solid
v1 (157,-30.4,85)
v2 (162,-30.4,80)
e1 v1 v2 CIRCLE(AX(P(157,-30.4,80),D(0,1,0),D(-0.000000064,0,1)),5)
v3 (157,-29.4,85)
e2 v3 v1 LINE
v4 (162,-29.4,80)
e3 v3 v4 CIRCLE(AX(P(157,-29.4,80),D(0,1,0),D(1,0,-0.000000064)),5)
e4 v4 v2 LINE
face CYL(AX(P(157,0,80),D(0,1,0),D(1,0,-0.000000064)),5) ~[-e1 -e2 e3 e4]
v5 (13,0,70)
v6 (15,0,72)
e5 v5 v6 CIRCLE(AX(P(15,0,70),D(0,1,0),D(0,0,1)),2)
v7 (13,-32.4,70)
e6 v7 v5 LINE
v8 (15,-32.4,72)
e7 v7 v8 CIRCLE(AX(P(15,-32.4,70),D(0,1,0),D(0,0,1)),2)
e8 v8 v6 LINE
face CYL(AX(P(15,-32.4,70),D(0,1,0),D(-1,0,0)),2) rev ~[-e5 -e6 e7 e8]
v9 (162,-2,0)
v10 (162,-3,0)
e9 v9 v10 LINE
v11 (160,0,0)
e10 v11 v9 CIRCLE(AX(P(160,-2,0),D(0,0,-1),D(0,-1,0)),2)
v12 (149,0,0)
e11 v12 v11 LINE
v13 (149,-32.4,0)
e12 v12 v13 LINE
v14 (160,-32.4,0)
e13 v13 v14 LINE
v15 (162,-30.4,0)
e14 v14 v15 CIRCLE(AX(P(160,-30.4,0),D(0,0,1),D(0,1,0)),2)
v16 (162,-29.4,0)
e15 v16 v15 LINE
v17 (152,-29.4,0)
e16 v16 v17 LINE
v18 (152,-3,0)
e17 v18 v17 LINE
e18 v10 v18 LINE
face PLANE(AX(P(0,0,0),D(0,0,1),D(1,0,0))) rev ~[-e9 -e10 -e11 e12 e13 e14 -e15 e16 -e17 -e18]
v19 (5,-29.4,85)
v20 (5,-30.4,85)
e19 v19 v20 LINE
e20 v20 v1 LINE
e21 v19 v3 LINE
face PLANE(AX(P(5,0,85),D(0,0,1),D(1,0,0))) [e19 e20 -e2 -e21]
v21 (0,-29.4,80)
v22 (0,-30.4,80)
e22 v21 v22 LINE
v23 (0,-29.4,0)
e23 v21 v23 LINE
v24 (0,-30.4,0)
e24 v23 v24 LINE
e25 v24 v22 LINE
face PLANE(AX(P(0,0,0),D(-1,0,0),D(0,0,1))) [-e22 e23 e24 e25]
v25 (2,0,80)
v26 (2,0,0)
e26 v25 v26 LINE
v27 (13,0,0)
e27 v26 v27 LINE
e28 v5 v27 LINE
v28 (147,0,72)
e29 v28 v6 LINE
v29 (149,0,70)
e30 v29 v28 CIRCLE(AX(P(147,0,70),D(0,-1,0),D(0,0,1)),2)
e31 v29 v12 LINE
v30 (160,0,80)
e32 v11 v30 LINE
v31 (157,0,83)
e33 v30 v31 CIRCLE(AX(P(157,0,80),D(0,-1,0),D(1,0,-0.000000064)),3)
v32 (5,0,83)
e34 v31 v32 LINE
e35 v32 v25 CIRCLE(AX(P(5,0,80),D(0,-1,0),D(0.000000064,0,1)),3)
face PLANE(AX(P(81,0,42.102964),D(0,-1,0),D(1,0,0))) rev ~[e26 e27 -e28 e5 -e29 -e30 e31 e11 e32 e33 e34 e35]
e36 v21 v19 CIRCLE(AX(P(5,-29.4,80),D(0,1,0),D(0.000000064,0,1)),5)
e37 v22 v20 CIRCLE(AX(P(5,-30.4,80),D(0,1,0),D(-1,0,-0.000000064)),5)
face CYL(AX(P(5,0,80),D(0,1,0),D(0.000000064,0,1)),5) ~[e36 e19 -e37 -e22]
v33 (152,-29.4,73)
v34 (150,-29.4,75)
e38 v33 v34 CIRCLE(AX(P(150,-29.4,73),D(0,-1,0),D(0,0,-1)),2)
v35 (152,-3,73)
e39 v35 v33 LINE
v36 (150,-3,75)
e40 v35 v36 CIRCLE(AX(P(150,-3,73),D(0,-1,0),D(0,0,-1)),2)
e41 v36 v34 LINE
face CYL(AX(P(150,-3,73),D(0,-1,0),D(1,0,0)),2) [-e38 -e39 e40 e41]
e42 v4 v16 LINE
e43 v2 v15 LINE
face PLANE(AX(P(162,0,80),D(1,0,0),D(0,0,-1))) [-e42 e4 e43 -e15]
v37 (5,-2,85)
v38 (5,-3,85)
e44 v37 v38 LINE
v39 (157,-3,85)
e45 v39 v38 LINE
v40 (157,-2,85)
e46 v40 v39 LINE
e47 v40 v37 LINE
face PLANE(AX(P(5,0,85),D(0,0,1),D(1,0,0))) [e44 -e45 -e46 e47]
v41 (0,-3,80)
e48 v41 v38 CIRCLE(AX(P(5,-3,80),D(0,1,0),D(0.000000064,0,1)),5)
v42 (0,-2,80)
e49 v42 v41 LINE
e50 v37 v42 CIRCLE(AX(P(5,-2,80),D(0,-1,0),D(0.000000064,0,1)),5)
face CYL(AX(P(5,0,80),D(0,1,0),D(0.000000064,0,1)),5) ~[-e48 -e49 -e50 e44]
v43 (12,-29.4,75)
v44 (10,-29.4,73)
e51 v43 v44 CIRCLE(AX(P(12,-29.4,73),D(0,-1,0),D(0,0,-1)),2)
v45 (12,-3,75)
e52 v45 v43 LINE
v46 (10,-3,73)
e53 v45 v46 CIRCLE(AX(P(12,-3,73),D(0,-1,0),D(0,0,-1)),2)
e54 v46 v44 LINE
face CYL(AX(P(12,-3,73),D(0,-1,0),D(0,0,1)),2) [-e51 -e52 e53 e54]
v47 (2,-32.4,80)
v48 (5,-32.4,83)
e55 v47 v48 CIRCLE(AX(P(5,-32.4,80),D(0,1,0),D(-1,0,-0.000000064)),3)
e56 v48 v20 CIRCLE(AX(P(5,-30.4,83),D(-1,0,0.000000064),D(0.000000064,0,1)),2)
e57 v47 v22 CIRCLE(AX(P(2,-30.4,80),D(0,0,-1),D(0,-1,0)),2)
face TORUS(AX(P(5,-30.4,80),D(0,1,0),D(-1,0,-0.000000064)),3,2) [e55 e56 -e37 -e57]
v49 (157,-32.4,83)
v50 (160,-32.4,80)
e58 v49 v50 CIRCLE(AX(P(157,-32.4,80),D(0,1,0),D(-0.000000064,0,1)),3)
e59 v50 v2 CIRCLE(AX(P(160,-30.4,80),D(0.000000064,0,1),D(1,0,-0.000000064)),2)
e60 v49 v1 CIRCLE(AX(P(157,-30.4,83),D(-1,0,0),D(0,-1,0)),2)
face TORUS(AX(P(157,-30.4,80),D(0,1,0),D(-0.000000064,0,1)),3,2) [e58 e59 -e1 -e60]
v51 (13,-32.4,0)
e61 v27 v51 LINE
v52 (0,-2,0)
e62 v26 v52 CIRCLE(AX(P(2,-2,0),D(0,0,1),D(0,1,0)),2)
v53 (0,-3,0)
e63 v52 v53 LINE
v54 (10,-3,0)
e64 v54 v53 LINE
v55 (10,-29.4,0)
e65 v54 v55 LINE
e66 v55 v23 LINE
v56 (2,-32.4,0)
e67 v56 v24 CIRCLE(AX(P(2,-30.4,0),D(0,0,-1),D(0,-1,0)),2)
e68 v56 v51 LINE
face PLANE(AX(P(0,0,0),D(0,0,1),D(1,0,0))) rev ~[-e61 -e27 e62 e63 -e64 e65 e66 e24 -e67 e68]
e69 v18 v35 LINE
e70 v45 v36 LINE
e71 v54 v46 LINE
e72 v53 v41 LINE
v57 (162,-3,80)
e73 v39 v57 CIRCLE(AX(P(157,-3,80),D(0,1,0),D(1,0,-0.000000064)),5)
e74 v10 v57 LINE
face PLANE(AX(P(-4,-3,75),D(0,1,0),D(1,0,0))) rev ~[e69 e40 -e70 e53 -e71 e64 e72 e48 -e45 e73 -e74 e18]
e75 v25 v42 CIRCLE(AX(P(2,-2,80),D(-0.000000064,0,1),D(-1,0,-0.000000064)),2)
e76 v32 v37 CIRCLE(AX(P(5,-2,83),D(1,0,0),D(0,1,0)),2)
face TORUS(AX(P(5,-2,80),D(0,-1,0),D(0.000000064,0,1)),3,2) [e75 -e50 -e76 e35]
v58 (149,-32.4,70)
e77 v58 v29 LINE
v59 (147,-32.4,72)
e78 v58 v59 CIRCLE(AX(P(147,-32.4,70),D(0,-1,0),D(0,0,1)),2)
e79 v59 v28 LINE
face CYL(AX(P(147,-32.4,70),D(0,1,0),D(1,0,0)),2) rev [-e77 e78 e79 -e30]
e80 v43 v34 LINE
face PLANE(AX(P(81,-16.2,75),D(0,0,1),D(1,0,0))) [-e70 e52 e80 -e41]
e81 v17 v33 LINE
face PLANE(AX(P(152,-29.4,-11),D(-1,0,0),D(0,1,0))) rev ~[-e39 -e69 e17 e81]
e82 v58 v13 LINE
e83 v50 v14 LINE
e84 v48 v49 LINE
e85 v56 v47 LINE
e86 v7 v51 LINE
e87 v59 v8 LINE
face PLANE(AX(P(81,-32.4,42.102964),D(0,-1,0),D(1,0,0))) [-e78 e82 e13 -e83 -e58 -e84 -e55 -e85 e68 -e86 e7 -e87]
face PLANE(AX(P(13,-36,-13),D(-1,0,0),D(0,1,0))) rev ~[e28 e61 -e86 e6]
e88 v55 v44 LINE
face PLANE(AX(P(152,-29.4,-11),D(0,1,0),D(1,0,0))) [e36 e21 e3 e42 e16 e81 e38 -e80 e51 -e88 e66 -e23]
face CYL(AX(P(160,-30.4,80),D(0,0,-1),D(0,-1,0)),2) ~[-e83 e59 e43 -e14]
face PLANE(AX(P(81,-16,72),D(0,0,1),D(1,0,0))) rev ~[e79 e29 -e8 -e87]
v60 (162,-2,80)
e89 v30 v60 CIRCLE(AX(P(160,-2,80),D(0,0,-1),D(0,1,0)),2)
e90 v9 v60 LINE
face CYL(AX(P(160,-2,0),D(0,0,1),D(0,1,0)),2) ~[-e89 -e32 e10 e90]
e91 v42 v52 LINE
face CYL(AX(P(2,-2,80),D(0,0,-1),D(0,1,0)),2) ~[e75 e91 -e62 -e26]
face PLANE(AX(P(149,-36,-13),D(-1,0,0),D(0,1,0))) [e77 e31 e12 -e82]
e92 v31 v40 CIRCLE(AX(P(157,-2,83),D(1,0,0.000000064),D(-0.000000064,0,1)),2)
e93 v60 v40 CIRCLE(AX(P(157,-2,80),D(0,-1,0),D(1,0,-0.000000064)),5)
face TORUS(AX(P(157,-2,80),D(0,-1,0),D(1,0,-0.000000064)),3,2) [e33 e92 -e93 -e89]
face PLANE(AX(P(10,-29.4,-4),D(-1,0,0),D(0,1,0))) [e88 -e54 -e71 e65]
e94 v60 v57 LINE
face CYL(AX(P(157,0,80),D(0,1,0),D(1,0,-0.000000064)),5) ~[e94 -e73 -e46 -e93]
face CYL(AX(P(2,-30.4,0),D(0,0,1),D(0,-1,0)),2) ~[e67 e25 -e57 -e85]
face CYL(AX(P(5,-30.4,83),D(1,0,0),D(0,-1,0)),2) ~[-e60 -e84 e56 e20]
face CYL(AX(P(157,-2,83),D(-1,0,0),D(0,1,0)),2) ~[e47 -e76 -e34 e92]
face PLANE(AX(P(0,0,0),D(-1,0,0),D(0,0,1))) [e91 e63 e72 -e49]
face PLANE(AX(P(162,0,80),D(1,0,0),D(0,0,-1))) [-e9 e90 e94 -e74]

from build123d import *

# Parameters (mm, degrees)
BOX003_W     = 136
BOX003_H     = 40
BOX003_DEPTH = 85
BOX002_W     = 20
BOX002_H     = 26.4
BOX002_DEPTH = 100
BOX001_W     = 20
BOX001_H     = 26.4
BOX001_DEPTH = 92
BOX_W        = 170
BOX_H        = 26.4
BOX_DEPTH    = 20
PAD_DEPTH    = 32.4
FILLET_R     = 2
FILLET001_R  = 2
FILLET002_R  = 2
FILLET003_R  = 2
FILLET004_R  = 2


with BuildPart() as cubedessous:
    # Box003 → Box003 (new body)
    with BuildSketch(Plane(origin=(13, -36, -13), x_dir=(1, 0, 0), z_dir=(0, 0, 1))):
        with Locations((68, 20)):
            Rectangle(BOX003_W, BOX003_H)
    extrude(amount=BOX003_DEPTH)


with BuildPart() as cubedroite:
    # Box002 → Box002 (new body)
    with BuildSketch(Plane(origin=(152, -29.4, -11), x_dir=(1, 0, 0), z_dir=(0, 0, 1))):
        with Locations((10, 13.2)):
            Rectangle(BOX002_W, BOX002_H)
    extrude(amount=BOX002_DEPTH)


with BuildPart() as cubegauche:
    # Box001 → Box001 (new body)
    with BuildSketch(Plane(origin=(-10, -29.4, -4), x_dir=(1, 0, 0), z_dir=(0, 0, 1))):
        with Locations((10, 13.2)):
            Rectangle(BOX001_W, BOX001_H)
    extrude(amount=BOX001_DEPTH)


with BuildPart() as cubedessus:
    # Box → Box (new body)
    with BuildSketch(Plane(origin=(-4, -29.4, 75), x_dir=(1, 0, 0), z_dir=(0, 0, 1))):
        with Locations((85, 13.2)):
            Rectangle(BOX_W, BOX_H)
    extrude(amount=BOX_DEPTH)


with BuildPart() as fillet004:
    # Sketch → Pad (new body)
    with BuildSketch(Plane.XZ):
        with BuildLine():
            ThreePointArc((5, 85), (1.464466, 83.535534), (0, 80))
            Line((0, 0), (0, 80))
            Line((0, 0), (162, 0))
            Line((162, 80), (162, 0))
            ThreePointArc((162, 80), (160.535534, 83.535534), (157, 85))
            Line((5, 85), (157, 85))
        make_face()
    extrude(amount=PAD_DEPTH)

    # Cut: cut CubeDessus
    add(cubedessus.part, mode=Mode.SUBTRACT)

    # Cut001: cut CubeGauche
    add(cubegauche.part, mode=Mode.SUBTRACT)

    # Cut002: cut CubeDroite
    add(cubedroite.part, mode=Mode.SUBTRACT)

    # Cut003: cut CubeDessous
    add(cubedessous.part, mode=Mode.SUBTRACT)

    # Fillet
    fillet_edges = [fillet004.edges().sort_by_distance(p)[0] for p in [
        (152, -16.2, 75),
    ]]
    fillet(fillet_edges, radius=FILLET_R)

    # Fillet001
    fillet001_edges = [fillet004.edges().sort_by_distance(p)[0] for p in [
        (10, -16.2, 75),
    ]]
    fillet(fillet001_edges, radius=FILLET001_R)

    # Fillet002
    fillet002_edges = [fillet004.edges().sort_by_distance(p)[0] for p in [
        (81, -32.4, 85),
        (1.464466, -32.4, 83.535534),
        (0, -32.4, 40),
        (162, -32.4, 40),
        (160.535534, -32.4, 83.535534),
    ]]
    fillet(fillet002_edges, radius=FILLET002_R)

    # Fillet003
    fillet003_edges = [fillet004.edges().sort_by_distance(p)[0] for p in [
        (1.464466, 0, 83.535534),
        (0, 0, 40),
        (162, 0, 40),
        (160.535534, 0, 83.535534),
        (81, 0, 85),
    ]]
    fillet(fillet003_edges, radius=FILLET003_R)

    # Fillet004
    fillet004_edges = [fillet004.edges().sort_by_distance(p)[0] for p in [
        (13, -16.2, 72),
        (149, -16.2, 72),
    ]]
    fillet(fillet004_edges, radius=FILLET004_R)


solid = fillet004.part
